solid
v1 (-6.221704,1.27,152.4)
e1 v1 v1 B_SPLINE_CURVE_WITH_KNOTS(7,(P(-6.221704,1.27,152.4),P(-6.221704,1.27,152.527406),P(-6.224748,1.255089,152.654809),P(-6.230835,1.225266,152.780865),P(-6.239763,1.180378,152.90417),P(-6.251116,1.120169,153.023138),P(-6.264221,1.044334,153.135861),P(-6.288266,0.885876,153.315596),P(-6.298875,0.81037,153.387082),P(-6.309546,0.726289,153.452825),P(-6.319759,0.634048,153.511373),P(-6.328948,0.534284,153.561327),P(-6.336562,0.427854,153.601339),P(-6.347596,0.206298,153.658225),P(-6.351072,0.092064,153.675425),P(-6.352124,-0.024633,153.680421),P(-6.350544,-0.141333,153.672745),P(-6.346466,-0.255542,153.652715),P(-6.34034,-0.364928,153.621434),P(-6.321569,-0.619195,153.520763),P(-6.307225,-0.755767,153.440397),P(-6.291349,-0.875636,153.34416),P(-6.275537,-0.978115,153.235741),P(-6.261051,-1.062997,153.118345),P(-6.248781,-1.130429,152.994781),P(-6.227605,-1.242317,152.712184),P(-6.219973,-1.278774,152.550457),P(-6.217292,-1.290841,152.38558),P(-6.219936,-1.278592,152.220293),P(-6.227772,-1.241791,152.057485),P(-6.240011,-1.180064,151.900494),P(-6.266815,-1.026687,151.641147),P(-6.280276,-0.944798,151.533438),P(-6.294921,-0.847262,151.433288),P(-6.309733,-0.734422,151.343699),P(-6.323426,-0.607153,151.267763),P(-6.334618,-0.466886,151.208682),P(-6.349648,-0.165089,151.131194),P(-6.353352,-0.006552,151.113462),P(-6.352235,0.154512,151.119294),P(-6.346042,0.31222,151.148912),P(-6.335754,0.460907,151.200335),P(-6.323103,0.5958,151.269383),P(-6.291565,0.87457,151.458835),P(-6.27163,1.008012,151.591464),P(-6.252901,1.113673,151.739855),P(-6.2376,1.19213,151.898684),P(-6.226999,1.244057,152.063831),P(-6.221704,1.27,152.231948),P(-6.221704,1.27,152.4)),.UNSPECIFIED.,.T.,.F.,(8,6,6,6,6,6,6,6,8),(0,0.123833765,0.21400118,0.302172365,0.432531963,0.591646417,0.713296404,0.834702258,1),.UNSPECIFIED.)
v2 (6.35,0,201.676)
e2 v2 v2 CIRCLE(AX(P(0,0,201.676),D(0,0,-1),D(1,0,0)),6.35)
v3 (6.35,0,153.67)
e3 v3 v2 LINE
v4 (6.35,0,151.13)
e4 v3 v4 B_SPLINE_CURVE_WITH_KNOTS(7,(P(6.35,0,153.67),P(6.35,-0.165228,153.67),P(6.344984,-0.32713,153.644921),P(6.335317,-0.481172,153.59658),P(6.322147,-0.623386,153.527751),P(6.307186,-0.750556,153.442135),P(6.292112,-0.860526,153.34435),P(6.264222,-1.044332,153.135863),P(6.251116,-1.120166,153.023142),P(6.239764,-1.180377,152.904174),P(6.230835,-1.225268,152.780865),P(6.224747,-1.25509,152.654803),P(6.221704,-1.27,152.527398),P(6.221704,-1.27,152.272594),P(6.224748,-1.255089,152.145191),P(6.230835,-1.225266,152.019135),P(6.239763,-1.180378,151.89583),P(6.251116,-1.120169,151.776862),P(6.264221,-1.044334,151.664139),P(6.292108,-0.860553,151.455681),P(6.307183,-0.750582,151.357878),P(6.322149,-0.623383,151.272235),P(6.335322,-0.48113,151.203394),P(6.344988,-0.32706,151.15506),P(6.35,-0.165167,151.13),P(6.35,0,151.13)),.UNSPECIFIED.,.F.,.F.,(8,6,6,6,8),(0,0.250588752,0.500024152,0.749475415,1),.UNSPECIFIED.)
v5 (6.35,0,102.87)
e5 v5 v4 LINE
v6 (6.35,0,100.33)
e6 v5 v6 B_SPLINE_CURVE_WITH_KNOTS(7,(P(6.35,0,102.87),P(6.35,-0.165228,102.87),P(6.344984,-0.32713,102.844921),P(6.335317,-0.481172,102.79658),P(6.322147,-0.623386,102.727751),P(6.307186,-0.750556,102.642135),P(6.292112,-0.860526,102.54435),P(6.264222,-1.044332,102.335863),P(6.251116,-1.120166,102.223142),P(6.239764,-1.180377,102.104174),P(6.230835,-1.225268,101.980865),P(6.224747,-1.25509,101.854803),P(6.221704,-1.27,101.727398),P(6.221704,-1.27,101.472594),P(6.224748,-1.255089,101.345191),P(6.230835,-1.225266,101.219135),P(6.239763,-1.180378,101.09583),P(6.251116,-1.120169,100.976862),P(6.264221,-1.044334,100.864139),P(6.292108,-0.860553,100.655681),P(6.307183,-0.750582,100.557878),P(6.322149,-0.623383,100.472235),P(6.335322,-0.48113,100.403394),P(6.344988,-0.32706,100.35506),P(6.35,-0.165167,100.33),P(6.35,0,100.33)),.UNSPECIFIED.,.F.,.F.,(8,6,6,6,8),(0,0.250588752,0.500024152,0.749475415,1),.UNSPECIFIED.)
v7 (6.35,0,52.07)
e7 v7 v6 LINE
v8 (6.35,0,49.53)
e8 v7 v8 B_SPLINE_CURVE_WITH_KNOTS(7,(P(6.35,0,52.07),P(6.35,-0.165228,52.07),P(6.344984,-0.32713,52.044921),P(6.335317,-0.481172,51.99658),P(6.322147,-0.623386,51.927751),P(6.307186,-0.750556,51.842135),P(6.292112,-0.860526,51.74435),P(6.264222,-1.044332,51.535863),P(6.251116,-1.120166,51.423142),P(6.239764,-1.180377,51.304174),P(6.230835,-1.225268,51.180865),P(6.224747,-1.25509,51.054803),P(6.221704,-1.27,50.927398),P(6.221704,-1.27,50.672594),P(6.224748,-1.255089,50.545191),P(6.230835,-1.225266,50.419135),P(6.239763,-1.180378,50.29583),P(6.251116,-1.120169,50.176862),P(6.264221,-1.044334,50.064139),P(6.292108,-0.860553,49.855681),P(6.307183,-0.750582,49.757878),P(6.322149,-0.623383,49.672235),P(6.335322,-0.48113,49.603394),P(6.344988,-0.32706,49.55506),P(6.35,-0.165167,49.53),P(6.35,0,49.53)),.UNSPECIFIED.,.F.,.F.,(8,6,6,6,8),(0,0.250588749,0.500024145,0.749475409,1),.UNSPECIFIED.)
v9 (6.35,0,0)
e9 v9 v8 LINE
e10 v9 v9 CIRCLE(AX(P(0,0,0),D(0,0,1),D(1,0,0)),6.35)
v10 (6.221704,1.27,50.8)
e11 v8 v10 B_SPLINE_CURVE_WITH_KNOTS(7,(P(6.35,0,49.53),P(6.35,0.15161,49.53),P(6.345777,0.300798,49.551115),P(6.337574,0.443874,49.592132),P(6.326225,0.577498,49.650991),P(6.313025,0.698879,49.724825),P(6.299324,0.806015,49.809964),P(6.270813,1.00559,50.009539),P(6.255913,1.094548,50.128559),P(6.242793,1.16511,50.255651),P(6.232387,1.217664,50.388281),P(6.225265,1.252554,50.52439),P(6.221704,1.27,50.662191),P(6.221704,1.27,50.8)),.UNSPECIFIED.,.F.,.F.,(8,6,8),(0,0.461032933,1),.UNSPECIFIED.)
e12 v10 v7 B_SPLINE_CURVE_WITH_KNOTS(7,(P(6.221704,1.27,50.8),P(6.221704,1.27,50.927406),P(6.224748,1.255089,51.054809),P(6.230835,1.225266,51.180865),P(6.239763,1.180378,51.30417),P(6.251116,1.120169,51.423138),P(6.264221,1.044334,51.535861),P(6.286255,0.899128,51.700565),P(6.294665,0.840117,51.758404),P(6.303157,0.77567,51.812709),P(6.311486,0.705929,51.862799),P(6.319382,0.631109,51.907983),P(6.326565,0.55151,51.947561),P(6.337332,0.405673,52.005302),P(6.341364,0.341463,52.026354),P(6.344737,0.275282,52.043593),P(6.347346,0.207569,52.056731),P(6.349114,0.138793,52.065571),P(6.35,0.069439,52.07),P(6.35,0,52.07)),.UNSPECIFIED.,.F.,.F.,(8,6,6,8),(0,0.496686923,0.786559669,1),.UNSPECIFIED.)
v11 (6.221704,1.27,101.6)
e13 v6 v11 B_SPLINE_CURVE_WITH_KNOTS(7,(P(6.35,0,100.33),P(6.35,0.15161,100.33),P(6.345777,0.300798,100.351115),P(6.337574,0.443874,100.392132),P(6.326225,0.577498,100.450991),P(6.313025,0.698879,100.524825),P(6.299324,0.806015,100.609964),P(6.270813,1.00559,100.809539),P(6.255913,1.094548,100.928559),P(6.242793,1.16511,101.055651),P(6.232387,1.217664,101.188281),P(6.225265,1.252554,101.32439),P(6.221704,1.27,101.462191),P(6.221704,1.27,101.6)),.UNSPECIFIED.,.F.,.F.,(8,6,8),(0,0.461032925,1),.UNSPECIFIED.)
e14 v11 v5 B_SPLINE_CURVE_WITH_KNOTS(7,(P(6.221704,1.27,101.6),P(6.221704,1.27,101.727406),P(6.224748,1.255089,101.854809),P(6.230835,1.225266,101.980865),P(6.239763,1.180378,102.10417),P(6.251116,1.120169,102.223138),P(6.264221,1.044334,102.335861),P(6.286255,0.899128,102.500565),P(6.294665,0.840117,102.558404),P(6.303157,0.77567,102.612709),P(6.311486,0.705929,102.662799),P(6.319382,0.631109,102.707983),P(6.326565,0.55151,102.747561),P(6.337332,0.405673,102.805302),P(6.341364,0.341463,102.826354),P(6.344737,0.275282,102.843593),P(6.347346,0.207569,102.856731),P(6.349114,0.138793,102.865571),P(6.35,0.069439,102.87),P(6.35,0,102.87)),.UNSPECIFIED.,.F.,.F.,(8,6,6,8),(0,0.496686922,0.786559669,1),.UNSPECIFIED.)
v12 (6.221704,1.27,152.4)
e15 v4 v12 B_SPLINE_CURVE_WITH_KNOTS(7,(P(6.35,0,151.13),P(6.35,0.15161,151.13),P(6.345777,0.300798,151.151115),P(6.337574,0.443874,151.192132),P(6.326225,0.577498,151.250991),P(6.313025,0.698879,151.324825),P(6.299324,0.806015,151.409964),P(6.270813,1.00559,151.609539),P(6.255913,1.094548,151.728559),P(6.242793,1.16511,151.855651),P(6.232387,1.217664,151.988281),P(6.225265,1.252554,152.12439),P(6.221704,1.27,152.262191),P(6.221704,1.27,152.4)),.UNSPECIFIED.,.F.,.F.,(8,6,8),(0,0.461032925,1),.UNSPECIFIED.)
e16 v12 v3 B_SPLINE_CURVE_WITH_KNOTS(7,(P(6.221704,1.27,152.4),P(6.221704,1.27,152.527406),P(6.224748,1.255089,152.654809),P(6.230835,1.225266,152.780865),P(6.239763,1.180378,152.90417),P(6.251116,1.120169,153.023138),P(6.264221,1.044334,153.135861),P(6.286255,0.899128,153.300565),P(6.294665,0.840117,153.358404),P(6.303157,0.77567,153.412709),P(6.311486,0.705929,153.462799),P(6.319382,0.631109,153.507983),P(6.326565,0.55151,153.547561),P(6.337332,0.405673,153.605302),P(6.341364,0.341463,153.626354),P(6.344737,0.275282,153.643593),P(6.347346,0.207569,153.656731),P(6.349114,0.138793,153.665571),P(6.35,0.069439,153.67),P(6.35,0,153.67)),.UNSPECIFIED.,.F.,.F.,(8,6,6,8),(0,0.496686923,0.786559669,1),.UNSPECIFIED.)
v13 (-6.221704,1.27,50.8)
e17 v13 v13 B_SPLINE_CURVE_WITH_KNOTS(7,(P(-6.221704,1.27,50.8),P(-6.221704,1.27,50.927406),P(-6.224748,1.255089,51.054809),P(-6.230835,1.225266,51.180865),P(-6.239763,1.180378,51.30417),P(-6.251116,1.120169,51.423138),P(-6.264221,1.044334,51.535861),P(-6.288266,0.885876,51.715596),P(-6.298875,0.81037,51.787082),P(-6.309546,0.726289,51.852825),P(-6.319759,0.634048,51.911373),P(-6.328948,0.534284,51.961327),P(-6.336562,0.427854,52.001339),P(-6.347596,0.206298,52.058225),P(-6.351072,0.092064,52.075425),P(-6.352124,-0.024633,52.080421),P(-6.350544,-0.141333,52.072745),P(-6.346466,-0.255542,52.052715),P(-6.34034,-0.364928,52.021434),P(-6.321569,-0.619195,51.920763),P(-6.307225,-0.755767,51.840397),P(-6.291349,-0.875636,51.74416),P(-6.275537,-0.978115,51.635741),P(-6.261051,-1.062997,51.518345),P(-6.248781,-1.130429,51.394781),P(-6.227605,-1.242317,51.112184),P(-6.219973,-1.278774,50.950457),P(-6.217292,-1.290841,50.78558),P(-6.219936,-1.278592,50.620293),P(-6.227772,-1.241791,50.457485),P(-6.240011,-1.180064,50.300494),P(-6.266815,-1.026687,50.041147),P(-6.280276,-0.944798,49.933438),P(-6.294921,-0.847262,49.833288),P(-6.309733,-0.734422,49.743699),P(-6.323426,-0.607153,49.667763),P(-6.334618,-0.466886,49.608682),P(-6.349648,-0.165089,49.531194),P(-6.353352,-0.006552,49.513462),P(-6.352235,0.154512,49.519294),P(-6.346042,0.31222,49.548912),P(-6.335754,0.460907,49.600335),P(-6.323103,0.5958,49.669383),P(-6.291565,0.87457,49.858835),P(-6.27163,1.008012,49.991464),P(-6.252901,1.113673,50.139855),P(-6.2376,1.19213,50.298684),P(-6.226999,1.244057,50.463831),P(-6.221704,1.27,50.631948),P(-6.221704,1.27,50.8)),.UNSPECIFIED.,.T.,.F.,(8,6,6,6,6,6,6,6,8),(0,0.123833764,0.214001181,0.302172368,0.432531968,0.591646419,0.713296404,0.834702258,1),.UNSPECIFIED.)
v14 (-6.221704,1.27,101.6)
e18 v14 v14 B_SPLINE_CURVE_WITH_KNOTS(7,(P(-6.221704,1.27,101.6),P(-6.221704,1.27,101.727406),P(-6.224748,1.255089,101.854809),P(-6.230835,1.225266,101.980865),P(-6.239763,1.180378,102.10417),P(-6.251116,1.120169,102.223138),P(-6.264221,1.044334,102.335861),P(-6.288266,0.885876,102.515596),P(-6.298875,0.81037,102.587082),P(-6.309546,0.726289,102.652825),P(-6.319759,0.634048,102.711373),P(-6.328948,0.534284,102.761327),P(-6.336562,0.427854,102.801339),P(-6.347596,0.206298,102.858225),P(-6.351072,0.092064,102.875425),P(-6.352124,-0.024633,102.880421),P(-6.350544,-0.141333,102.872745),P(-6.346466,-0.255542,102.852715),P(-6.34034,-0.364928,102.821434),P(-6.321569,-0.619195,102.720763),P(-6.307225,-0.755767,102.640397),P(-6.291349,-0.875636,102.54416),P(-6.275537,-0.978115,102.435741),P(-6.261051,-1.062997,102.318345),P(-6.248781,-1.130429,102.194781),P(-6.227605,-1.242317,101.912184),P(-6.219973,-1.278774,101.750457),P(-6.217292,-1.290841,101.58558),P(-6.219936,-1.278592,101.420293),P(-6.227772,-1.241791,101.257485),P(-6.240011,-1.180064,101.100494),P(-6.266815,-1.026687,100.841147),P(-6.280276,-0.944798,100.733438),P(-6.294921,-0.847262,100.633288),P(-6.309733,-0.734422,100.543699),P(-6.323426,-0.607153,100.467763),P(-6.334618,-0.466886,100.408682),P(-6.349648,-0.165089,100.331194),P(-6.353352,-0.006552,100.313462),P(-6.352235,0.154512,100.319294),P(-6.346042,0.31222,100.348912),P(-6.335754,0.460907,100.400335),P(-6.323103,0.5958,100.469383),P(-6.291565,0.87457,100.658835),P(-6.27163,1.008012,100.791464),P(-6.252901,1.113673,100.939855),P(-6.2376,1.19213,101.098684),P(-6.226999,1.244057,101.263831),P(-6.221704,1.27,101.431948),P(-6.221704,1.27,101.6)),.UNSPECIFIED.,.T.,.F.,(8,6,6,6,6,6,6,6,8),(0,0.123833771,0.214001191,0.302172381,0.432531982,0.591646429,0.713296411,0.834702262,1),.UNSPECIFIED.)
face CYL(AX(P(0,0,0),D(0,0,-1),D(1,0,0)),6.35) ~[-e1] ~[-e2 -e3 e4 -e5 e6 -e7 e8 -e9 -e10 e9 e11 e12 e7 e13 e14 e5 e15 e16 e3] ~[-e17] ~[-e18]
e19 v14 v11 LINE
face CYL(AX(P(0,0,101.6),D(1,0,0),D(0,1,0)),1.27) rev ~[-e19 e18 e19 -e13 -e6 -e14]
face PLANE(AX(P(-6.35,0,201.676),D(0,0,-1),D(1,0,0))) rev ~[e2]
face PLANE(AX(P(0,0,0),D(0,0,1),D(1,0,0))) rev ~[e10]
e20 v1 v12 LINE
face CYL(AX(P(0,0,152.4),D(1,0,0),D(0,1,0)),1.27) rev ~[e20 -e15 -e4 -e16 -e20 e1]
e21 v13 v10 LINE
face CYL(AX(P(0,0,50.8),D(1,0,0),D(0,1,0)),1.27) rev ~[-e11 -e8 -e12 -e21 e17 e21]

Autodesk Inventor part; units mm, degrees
ref_plane "YZ Plane" through (0, 0, 0) normal (1, 0, 0) x (0, 1, 0)
ref_plane "XZ Plane" through (0, 0, 0) normal (0, 1, 0) x (-1, 0, 0)
ref_plane "XY Plane" through (0, 0, 0) normal (0, 0, 1) x (1, 0, 0)
sketch "Sketch1" plane through (0, 0, 0) normal (0, 0, 1) x (1, 0, 0)
  circle A0 centre (0, 0) radius 6.35
  dimension "d0" = 12.7
extrude "Extrusion1" add sketch "Sketch1" along normal blind 203.2
sketch "Sketch5" plane through (0, 0, 0) normal (0, 1, 0) x (-1, 0, 0)
  line L0 (0, 1.524) -> (-1.27, 1.524)
  line L1 (-6.35, 0) -> (6.35, 0) projected
  line L2 (-1.27, 0) -> (1.27, 0)
  line L3 (1.27, 1.524) -> (0, 1.524)
  line L4 (1.27, 1.524) -> (6.35, 1.524)
  line L5 (6.35, 0) -> (6.35, 203.2) projected
  line L6 (6.35, 1.524) -> (-6.35, 1.524)
  line L7 (-6.35, 1.524) -> (-6.35, 0)
  line L8 (-6.35, 0) -> (6.35, 0)
  line L9 (6.35, 0) -> (6.35, 1.524)
  line L10 (6.35, 203.2) -> (-6.35, 203.2) projected
  line L11 (-6.35, 203.2) -> (6.35, 203.2)
  line L12 (6.35, 203.2) -> (6.35, 201.676)
  line L13 (6.35, 201.676) -> (-6.35, 201.676)
  line L14 (-6.35, 201.676) -> (-6.35, 203.2)
  point P0 (0, 0)
  dimension "d20" = 1.524
  dimension "d21" = 1.27
  dimension "d26" = 12.7
  dimension "d27" = 1.524
sketch "Sketch7" plane through (0, 0, 0) normal (1, 0, 0) x (0, 1, 0)
  line L0 (0, 0) -> (0, 50.8)
  circle A0 centre (0, 50.8) radius 1.27
  line L1 (0, 50.8) -> (0, 101.6)
  circle A1 centre (0, 101.6) radius 1.27
  line L2 (0, 101.6) -> (0, 152.4)
  circle A2 centre (0, 152.4) radius 1.27
  dimension "d42" = 50.8
  dimension "d43" = 2.54
  dimension "d44" = 50.8
  dimension "d45" = 2.54
  dimension "d46" = 50.8
  dimension "d47" = 2.54
extrude "Extrusion8" cut sketch "Sketch7" along normal mid plane 25.4
extrude "Extrusion9" cut sketch "Sketch5" along normal mid plane 25.4 contours L13 L14 L10 L5
properties part number "Straw"
